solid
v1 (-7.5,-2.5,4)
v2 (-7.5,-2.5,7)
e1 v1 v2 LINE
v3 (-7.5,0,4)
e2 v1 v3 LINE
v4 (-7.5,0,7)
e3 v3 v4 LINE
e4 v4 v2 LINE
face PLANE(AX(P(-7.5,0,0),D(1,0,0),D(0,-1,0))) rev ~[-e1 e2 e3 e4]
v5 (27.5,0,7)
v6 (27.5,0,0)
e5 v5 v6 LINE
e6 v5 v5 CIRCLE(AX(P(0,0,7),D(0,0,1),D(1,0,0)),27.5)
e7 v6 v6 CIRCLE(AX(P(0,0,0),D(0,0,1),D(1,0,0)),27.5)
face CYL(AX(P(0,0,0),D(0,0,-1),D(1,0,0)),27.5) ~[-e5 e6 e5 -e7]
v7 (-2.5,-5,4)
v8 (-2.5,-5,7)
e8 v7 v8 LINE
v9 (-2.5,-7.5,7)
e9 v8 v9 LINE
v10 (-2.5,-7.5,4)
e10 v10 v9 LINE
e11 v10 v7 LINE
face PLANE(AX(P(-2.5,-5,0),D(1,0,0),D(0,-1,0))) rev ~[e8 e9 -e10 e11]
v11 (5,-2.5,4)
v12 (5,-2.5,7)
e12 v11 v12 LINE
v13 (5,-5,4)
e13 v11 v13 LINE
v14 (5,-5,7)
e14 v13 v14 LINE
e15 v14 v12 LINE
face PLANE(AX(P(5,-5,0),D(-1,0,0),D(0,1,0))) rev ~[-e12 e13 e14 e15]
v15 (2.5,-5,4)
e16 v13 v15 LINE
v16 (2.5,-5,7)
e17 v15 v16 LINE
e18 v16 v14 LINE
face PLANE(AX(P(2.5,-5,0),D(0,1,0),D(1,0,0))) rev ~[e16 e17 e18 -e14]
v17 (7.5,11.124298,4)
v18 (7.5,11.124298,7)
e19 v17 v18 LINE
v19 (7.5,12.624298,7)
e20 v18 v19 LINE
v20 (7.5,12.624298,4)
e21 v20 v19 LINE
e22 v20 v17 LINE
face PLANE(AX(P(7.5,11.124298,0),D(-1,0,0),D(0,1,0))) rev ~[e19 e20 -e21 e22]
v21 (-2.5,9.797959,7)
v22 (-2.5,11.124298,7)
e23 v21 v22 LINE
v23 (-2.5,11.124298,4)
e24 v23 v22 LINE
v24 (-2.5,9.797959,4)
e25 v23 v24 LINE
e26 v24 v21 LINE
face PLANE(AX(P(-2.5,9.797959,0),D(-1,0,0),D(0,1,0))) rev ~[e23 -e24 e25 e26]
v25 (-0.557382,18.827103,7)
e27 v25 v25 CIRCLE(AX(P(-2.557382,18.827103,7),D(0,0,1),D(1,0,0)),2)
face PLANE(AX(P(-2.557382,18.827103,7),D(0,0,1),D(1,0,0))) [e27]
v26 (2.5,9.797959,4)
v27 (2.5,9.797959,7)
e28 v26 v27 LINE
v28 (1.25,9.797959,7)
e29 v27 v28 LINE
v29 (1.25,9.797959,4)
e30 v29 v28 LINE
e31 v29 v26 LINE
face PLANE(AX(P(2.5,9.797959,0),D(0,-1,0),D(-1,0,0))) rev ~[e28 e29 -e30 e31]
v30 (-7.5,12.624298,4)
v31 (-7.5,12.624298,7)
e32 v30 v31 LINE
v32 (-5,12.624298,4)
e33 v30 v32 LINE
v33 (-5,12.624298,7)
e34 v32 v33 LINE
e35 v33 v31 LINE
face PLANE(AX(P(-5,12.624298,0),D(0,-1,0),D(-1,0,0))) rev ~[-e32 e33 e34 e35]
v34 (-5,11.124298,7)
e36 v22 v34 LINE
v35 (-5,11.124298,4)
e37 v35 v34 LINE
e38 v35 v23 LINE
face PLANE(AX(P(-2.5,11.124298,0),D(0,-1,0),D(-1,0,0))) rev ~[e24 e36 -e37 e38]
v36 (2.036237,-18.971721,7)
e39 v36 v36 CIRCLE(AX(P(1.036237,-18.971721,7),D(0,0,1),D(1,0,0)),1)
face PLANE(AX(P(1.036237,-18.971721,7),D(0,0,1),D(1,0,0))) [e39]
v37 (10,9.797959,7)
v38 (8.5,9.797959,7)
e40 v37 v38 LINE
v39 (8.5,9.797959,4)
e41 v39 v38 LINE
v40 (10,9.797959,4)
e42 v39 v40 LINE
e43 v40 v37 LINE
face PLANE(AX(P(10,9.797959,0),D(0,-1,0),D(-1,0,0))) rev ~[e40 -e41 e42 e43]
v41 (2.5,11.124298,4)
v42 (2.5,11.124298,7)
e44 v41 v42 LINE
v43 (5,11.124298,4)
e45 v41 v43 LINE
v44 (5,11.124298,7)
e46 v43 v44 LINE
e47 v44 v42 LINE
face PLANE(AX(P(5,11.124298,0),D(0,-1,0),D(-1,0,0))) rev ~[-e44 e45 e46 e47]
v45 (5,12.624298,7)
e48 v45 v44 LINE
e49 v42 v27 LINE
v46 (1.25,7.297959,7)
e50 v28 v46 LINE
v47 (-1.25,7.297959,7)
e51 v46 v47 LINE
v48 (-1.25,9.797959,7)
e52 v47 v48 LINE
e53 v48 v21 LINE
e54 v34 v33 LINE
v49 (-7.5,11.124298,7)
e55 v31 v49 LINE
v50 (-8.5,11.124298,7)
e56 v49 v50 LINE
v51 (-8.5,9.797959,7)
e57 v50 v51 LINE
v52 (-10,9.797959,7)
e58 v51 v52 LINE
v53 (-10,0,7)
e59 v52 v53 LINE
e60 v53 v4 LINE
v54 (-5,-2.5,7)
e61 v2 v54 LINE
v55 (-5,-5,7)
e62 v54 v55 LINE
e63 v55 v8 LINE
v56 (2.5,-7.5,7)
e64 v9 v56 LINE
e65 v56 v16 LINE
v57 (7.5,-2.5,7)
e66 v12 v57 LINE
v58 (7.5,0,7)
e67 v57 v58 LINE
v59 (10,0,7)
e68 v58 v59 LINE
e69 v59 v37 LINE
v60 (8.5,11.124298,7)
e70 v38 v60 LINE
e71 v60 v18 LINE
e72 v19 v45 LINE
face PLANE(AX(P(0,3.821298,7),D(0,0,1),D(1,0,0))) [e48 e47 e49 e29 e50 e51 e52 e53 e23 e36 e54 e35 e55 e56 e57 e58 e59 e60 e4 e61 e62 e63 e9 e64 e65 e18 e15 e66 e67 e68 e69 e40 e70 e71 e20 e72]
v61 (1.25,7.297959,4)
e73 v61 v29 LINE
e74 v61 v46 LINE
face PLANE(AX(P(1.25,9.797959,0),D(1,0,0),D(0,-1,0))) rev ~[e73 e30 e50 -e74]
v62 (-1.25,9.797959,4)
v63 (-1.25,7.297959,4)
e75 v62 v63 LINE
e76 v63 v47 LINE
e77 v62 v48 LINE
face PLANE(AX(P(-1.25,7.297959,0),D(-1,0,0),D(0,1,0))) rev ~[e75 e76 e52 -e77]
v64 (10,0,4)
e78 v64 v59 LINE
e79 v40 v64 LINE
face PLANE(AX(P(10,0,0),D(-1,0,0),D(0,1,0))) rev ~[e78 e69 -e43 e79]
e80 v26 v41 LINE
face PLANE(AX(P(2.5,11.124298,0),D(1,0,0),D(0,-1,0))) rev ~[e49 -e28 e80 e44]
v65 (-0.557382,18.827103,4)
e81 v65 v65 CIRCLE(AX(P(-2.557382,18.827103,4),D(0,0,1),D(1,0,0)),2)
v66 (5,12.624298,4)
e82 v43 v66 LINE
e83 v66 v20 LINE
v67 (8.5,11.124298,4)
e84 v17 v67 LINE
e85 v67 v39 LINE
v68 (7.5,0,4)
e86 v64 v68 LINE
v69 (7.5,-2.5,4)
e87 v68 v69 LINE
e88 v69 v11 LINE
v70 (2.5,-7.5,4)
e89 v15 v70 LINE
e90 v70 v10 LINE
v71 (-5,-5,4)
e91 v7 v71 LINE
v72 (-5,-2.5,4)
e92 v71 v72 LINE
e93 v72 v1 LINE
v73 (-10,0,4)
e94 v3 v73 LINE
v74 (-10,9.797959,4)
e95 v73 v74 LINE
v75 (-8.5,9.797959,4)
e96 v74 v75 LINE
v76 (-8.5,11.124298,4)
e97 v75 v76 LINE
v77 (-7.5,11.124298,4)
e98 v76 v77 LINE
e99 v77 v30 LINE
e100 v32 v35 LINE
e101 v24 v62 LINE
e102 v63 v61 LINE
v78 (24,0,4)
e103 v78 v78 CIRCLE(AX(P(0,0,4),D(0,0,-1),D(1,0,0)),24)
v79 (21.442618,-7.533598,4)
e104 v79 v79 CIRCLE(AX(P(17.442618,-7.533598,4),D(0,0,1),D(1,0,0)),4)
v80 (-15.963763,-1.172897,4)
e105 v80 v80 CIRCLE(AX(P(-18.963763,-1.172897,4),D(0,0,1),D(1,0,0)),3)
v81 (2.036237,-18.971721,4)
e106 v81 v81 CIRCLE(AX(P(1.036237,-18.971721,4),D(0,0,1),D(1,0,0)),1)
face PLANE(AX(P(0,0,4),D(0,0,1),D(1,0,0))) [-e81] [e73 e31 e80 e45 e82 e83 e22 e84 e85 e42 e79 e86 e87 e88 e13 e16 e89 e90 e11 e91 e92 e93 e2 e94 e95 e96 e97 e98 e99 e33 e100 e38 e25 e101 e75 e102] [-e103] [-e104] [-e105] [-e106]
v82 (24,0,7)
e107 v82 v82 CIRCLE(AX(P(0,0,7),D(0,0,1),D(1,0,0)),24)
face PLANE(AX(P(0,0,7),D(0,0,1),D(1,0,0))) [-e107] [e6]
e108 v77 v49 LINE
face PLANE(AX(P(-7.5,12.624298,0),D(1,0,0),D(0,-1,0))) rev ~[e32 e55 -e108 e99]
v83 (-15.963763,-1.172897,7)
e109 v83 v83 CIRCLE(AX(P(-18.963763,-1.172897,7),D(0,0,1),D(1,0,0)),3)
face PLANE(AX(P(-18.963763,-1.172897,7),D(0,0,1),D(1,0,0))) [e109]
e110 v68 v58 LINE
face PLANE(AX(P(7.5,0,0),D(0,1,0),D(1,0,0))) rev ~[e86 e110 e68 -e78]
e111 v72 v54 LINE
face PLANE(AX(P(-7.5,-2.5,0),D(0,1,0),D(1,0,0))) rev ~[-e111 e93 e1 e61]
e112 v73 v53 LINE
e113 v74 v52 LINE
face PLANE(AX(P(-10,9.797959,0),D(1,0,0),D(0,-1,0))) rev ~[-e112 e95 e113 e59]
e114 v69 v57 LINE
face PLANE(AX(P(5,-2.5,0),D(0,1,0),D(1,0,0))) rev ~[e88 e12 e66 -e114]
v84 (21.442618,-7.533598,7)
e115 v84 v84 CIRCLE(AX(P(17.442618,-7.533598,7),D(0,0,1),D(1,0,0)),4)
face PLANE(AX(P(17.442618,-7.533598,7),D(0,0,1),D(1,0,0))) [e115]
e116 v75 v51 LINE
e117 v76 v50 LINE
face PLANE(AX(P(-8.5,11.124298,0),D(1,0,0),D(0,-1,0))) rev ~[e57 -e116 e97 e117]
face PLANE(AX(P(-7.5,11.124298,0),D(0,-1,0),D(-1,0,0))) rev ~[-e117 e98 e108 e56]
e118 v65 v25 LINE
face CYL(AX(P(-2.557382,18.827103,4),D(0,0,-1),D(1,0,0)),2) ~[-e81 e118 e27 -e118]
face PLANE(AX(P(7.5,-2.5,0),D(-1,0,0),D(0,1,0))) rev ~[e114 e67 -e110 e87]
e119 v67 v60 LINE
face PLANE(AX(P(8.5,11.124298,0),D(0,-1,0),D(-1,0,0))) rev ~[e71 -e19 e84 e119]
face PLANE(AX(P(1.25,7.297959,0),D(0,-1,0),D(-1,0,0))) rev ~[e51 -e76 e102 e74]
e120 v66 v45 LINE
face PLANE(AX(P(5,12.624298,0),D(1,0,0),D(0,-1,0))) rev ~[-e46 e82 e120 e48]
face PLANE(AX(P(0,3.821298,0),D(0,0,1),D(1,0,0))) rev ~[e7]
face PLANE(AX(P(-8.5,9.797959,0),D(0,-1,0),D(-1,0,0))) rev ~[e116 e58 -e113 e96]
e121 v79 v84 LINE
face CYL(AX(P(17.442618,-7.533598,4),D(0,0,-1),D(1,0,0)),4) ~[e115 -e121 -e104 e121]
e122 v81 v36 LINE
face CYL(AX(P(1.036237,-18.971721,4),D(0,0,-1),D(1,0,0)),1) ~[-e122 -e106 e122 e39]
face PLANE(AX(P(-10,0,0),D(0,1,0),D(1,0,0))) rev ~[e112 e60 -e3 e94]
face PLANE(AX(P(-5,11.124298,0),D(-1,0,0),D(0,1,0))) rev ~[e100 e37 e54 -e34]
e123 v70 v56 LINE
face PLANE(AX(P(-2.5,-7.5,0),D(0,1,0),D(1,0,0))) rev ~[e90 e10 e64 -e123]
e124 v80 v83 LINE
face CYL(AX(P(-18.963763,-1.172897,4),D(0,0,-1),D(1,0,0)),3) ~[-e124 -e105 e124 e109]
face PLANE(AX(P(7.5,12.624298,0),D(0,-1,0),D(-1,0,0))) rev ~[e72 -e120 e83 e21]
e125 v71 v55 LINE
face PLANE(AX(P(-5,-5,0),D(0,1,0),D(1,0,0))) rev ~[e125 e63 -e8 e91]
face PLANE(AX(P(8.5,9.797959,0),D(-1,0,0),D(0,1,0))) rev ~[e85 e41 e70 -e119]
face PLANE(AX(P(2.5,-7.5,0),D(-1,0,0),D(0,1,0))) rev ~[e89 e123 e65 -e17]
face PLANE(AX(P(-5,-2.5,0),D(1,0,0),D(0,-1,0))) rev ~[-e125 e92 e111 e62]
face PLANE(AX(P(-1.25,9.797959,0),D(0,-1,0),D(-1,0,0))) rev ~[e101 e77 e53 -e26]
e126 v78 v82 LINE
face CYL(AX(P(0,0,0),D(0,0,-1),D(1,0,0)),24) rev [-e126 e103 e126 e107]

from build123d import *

# Parameters (mm, degrees)
F0_R     = 27.5
F0_R_2   = 24
F1_DEPTH = 7
F2_R     = 27.5
F3_DEPTH = 4
F4_R     = 3
F4_R_2   = 1
F4_R_3   = 4
F4_R_4   = 2
F5_DEPTH = 3
F7_DEPTH = 7


with BuildPart() as f1:
    # F0 (on Top) → F1 (new body)
    with BuildSketch(Plane.XY):
        Circle(F0_R)
        Circle(F0_R_2, mode=Mode.SUBTRACT)
    extrude(amount=F1_DEPTH)

    # F2 (on Top) → F3 (join)
    with BuildSketch(Plane.XY):
        Circle(F2_R)
    extrude(amount=F3_DEPTH)

    # F4 (on face) → F5 (join)
    with BuildSketch(Plane.XY.offset(4)):
        with Locations((-18.963763, -1.172897)):
            Circle(F4_R)
        with Locations((1.036237, -18.971721)):
            Circle(F4_R_2)
        with Locations((17.442618, -7.533598)):
            Circle(F4_R_3)
        with Locations((-2.557382, 18.827103)):
            Circle(F4_R_4)
    extrude(amount=F5_DEPTH)

    # F6 (on Top) → F7 (join)
    with BuildSketch(Plane.XY):
        Polygon((-2.5, -7.5), (0, -7.5), (2.5, -7.5), (2.5, -5), (5, -5), (5, -2.5), (7.5, -2.5), (7.5, 0), (10, 0), (10, 9.797959), (8.5, 9.797959), (8.5, 11.124298), (7.5, 11.124298), (7.5, 12.624298), (5, 12.624298), (5, 11.124298), (2.5, 11.124298), (2.5, 9.797959), (1.25, 9.797959), (1.25, 7.297959), (0, 7.297959), (-1.25, 7.297959), (-1.25, 9.797959), (-2.5, 9.797959), (-2.5, 11.124298), (-5, 11.124298), (-5, 12.624298), (-7.5, 12.624298), (-7.5, 11.124298), (-8.5, 11.124298), (-8.5, 9.797959), (-10, 9.797959), (-10, 0), (-7.5, 0), (-7.5, -2.5), (-5, -2.5), (-5, -5), (-2.5, -5), align=None)
    extrude(amount=F7_DEPTH)


solid = f1.part
